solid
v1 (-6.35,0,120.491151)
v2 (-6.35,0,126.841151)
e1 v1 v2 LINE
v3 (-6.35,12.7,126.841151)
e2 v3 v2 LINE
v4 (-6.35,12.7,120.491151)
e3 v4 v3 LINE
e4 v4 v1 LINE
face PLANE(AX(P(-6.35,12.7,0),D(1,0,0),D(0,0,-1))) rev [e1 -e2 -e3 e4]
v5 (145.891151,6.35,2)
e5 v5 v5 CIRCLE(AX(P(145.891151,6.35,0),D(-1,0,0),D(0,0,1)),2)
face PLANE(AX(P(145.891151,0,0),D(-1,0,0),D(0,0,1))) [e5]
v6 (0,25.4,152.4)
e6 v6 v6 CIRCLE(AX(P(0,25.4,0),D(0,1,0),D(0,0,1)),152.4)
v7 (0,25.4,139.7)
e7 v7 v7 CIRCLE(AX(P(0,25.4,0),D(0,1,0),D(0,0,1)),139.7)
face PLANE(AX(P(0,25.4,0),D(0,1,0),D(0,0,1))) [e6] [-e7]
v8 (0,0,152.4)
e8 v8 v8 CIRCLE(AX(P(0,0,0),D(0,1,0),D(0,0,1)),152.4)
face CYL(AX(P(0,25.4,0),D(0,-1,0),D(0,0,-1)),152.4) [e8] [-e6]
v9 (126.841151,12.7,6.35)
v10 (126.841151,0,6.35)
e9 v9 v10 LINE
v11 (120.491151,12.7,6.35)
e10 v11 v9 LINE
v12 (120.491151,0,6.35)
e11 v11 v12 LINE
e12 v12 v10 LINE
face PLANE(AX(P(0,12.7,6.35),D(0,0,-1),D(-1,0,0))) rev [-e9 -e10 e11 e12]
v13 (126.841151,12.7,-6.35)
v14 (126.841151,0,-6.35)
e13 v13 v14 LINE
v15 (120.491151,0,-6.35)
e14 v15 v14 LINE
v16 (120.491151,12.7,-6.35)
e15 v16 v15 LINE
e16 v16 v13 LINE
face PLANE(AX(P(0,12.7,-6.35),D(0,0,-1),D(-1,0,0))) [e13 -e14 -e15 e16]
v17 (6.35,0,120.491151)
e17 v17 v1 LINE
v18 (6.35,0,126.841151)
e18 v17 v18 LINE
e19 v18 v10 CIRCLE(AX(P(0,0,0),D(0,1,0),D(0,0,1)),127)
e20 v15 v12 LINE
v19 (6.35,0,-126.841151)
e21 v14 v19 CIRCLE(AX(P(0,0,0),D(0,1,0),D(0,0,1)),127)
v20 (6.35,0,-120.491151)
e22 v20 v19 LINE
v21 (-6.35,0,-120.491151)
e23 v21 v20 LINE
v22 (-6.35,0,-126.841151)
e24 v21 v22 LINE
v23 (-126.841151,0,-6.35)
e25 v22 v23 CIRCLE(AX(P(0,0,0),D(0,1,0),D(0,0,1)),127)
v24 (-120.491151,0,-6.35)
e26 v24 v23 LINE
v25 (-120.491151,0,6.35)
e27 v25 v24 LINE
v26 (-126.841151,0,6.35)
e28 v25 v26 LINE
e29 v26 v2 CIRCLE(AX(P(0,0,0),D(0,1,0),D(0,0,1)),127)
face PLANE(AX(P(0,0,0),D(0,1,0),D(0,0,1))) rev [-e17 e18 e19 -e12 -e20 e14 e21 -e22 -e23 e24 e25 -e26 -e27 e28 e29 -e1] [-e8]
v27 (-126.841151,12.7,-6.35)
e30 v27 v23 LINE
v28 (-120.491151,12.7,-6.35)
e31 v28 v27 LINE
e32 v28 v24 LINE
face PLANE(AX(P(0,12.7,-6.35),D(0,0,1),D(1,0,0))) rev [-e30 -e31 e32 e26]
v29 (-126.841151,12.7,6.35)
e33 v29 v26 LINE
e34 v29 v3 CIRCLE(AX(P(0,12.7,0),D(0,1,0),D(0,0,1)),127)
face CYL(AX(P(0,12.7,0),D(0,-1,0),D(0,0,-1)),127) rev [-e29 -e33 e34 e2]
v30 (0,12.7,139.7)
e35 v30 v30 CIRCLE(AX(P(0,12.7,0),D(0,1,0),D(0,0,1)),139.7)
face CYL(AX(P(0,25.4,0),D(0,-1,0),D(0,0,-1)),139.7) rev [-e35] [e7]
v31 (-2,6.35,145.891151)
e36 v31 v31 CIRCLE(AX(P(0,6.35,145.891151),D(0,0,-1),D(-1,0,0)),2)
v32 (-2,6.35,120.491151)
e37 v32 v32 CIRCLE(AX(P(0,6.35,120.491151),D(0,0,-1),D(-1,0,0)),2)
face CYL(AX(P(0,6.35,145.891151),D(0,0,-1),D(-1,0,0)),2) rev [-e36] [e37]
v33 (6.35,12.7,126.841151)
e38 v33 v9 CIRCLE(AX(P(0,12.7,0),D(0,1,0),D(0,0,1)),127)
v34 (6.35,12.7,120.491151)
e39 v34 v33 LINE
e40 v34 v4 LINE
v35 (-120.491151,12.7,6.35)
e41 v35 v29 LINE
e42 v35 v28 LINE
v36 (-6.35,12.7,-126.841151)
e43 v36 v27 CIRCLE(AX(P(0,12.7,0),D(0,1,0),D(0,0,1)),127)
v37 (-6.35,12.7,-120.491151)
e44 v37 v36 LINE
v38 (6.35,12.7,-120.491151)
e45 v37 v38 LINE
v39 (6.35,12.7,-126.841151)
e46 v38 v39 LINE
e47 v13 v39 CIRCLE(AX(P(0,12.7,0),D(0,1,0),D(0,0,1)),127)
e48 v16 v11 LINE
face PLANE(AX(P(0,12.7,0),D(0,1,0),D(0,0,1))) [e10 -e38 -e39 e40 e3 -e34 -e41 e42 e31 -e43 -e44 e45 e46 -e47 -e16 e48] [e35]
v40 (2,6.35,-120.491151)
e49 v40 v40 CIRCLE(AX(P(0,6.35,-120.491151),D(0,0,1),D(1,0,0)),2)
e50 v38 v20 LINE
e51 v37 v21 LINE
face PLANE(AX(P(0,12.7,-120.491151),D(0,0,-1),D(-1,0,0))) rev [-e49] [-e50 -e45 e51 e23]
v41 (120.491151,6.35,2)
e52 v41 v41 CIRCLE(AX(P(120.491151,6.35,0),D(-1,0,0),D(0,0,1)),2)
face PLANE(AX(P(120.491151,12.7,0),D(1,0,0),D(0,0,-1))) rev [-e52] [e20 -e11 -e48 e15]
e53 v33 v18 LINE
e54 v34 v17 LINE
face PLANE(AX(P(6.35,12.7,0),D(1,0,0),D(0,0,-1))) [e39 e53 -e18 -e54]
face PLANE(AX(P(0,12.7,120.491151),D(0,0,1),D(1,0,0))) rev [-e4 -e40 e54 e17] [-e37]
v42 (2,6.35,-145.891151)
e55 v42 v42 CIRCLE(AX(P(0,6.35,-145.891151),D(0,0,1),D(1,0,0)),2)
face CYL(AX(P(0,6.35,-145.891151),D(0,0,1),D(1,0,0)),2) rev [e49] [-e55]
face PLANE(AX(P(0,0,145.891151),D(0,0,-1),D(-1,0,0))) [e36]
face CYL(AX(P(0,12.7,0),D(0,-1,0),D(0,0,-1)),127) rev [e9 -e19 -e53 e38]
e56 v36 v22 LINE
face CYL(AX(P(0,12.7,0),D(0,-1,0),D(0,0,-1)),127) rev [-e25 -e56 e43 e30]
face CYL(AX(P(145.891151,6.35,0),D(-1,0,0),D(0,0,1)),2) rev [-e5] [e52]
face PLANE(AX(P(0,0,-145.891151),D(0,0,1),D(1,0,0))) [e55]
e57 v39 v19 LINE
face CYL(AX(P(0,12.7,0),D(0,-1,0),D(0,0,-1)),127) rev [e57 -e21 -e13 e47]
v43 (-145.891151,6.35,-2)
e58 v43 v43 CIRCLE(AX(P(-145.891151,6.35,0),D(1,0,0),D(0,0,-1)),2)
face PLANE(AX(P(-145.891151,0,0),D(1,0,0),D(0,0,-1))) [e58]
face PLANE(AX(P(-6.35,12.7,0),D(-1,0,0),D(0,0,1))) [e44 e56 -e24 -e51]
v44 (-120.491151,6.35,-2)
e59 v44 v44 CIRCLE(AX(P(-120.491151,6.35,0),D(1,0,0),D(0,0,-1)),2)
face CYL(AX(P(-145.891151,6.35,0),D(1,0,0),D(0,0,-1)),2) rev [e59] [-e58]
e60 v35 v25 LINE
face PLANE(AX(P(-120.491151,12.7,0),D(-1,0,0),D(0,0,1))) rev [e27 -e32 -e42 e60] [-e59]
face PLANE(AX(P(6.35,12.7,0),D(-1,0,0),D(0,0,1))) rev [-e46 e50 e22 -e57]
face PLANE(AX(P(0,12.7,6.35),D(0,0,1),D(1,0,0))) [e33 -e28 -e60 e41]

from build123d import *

# Parameters (mm, degrees)
SKETCH1_R           = 152.4
SKETCH1_R_2         = 139.7
BOSS_EXTRUDE1_DEPTH = 25.4
SKETCH1_3_R         = 139.7
SKETCH1_3_R_2       = 127
BOSS_EXTRUDE2_DEPTH = 12.7
BOSS_EXTRUDE3_DEPTH = 12.7
SKETCH3_R           = 2
CUT_EXTRUDE1_DEPTH  = 25.4
CIRPATTERN1_COUNT   = 4


with BuildPart() as part:
    # Sketch1 → Boss-Extrude1 (new body)
    with BuildSketch(Plane(origin=(0, 0, 0), x_dir=(1, 0, 0), z_dir=(0, 1, 0))):
        Circle(SKETCH1_R)
        Circle(SKETCH1_R_2, mode=Mode.SUBTRACT)
    extrude(amount=BOSS_EXTRUDE1_DEPTH)

    # Sketch1<3> → Boss-Extrude2 (add)
    with BuildSketch(Plane(origin=(0, 0, 0), x_dir=(1, 0, 0), z_dir=(0, 1, 0))):
        Circle(SKETCH1_3_R)
        Circle(SKETCH1_3_R_2, mode=Mode.SUBTRACT)
    extrude(amount=BOSS_EXTRUDE2_DEPTH)

    # Sketch2 → Boss-Extrude3 (add)
    with BuildSketch(Plane.XZ):
        with BuildLine():
            ThreePointArc((-6.35, -126.841150657), (0, -127), (6.35, -126.841150657))
            Line((6.35, -126.841150657), (6.35, -120.491150657))
            Line((6.35, -120.491150657), (-6.35, -120.491150657))
            Line((-6.35, -120.491150657), (-6.35, -126.841150657))
        make_face()
        with BuildLine():
            ThreePointArc((-126.841150657, 6.35), (-127, 0), (-126.841150657, -6.35))
            Line((-126.841150657, -6.35), (-120.491150657, -6.35))
            Line((-120.491150657, -6.35), (-120.491150657, 6.35))
            Line((-120.491150657, 6.35), (-126.841150657, 6.35))
        make_face()
        with BuildLine():
            Line((120.491150657, -6.35), (126.841150657, -6.35))
            ThreePointArc((126.841150657, -6.35), (127, 0), (126.841150657, 6.35))
            Line((126.841150657, 6.35), (120.491150657, 6.35))
            Line((120.491150657, 6.35), (120.491150657, -6.35))
        make_face()
        with BuildLine():
            ThreePointArc((6.35, 126.841150657), (0, 127), (-6.35, 126.841150657))
            Line((-6.35, 126.841150657), (-6.35, 120.491150657))
            Line((-6.35, 120.491150657), (6.35, 120.491150657))
            Line((6.35, 120.491150657), (6.35, 126.841150657))
        make_face()
    extrude(amount=-BOSS_EXTRUDE3_DEPTH)

    # Sketch3 → Cut-Extrude1 (cut)
    with BuildSketch(Plane(origin=(-120.491150657, 0, 0), x_dir=(0, 0, -1), z_dir=(1, 0, 0))):
        with Locations((0, 6.35)):
            Circle(SKETCH3_R)
    cut_extrude1 = extrude(amount=-CUT_EXTRUDE1_DEPTH, mode=Mode.SUBTRACT)

    # CirPattern1: Cut-Extrude1 ×4 about axis
    cirpattern1_axis = Axis((0, 12.7, 0), (0, 1, 0))
    for i in range(1, CIRPATTERN1_COUNT):
        add(cut_extrude1.rotate(cirpattern1_axis, i * 360 / CIRPATTERN1_COUNT), mode=Mode.SUBTRACT)


solid = part.part
